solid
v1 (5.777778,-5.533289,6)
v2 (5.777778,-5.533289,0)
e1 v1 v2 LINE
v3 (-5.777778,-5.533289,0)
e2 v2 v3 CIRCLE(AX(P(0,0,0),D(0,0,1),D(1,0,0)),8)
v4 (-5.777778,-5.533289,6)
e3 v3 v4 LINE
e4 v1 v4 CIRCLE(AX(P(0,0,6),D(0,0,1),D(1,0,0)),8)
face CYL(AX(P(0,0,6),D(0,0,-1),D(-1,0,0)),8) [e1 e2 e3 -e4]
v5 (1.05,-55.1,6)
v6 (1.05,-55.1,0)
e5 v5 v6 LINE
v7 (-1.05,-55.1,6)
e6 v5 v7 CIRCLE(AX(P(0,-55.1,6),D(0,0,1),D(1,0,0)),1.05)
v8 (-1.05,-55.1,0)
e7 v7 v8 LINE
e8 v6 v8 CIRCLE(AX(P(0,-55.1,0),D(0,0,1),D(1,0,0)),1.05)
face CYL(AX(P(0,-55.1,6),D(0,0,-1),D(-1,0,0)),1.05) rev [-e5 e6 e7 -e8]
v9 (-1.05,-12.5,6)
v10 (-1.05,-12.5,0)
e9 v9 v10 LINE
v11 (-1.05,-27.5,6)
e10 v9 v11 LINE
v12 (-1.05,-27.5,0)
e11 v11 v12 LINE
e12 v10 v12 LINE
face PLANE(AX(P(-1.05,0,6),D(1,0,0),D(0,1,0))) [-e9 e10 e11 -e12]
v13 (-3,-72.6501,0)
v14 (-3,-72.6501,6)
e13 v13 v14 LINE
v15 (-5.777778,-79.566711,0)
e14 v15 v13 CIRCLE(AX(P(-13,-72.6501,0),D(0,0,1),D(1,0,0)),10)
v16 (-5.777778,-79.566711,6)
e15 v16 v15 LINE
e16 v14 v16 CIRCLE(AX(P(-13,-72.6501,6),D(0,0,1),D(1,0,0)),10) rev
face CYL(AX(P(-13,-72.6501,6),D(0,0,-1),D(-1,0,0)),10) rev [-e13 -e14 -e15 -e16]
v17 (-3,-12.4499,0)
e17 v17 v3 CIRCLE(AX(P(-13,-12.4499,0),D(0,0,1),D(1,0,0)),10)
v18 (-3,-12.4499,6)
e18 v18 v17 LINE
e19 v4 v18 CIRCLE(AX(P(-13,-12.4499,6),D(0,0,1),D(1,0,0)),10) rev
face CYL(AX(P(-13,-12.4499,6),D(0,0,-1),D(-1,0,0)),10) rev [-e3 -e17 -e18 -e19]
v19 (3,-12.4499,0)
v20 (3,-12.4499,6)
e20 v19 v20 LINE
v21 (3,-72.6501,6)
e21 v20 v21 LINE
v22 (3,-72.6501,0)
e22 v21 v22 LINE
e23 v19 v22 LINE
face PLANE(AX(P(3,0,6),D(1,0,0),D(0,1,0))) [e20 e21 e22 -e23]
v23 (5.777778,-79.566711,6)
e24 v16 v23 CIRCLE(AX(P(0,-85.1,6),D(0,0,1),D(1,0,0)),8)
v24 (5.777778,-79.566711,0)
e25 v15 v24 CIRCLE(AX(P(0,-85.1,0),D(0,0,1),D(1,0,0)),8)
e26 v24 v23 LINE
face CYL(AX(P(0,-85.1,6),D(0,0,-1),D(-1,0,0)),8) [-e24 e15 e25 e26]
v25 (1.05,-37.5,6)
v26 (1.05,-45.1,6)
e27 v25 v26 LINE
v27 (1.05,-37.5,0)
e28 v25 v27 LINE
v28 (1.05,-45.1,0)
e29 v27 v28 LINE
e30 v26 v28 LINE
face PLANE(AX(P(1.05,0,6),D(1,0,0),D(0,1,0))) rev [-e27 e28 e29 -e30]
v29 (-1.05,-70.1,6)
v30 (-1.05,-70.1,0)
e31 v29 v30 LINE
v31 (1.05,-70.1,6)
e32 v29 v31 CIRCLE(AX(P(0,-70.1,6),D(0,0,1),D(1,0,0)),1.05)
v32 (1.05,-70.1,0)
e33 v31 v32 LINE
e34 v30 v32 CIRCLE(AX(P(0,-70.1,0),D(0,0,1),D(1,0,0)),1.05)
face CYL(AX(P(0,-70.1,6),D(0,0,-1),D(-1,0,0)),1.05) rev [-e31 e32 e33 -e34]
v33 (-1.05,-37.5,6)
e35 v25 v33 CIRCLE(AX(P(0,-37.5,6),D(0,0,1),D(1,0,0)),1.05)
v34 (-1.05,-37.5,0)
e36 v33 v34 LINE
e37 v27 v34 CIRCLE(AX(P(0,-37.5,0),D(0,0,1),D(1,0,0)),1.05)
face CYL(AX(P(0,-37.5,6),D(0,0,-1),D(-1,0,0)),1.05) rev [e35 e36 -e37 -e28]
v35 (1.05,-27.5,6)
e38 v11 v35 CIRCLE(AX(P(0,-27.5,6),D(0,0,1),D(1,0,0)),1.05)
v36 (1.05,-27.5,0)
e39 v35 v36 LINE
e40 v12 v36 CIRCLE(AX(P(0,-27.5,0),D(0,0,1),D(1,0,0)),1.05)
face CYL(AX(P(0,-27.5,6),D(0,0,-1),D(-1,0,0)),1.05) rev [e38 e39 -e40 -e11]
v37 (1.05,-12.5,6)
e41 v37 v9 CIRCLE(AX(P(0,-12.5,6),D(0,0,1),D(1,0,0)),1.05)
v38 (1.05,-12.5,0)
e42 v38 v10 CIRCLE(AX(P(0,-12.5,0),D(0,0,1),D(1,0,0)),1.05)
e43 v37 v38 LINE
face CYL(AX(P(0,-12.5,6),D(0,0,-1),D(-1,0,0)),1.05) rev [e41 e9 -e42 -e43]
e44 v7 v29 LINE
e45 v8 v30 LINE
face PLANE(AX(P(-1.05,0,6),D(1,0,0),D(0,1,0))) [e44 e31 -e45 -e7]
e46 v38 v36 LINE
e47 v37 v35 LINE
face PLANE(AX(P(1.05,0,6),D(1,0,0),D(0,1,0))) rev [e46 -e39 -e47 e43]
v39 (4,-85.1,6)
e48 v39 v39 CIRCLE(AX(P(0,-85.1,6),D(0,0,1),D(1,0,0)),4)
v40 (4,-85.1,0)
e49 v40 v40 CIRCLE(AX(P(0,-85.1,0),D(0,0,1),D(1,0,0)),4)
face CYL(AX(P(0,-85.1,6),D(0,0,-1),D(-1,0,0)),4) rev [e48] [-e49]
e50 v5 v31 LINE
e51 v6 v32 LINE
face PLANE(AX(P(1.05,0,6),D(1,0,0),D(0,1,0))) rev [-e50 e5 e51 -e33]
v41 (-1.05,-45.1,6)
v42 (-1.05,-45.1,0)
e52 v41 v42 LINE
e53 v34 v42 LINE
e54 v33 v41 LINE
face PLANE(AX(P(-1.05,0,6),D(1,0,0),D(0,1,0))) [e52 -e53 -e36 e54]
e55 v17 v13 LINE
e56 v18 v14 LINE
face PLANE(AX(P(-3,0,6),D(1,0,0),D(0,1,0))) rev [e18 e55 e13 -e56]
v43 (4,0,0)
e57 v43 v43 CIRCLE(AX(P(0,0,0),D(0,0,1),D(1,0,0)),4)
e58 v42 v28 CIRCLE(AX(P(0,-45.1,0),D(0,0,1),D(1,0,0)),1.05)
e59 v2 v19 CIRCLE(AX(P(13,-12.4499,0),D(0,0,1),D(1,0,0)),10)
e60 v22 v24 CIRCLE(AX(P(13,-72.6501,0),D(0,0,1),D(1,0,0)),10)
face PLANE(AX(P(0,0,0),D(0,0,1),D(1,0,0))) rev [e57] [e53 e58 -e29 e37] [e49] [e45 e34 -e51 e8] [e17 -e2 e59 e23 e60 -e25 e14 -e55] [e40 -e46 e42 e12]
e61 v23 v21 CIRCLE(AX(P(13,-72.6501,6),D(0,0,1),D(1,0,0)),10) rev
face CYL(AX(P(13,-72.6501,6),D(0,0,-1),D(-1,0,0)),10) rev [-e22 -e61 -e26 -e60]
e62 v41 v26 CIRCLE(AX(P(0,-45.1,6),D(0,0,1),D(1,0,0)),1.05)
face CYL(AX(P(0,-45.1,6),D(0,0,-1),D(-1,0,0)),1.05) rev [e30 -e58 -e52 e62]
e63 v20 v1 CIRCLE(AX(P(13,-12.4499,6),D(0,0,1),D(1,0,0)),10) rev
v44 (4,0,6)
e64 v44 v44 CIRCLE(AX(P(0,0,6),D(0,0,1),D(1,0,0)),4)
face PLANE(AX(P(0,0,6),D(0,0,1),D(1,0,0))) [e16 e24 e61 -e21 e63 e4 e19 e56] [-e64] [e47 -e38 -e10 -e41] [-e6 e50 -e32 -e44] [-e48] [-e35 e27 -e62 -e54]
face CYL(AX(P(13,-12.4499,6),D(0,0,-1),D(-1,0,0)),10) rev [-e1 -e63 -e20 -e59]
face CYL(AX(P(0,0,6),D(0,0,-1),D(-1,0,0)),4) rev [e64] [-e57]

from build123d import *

# Parameters (mm, degrees)
SKETCH_1_R      = 8
SKETCH_1_R_2    = 4
EXTRUDE_1_DEPTH = 6
FILLET_1_R      = 10


with BuildPart() as part:
    # 草图1 → 凸台-拉伸1 (new body)
    # profile 1 of 3: a face of its own
    with BuildSketch(Plane.XY):
        with BuildLine():
            ThreePointArc((3, -7.416198487), (0, -8), (-3, -7.416198487))
            Line((-3, -7.416198487), (-3, -77.683801513))
            ThreePointArc((-3, -77.683801513), (0, -77.1), (3, -77.683801513))
            Line((3, -77.683801513), (3, -7.416198487))
        make_face()
        with BuildLine():
            ThreePointArc((-1.05, -55.1), (0, -54.05), (1.05, -55.1))
            Line((1.05, -55.1), (1.05, -70.1))
            ThreePointArc((1.05, -70.1), (0, -71.15), (-1.05, -70.1))
            Line((-1.05, -70.1), (-1.05, -55.1))
        make_face(mode=Mode.SUBTRACT)
        with BuildLine():
            ThreePointArc((-1.05, -37.5), (0, -36.45), (1.05, -37.5))
            Line((1.05, -37.5), (1.05, -45.1))
            ThreePointArc((1.05, -45.1), (0, -46.15), (-1.05, -45.1))
            Line((-1.05, -45.1), (-1.05, -37.5))
        make_face(mode=Mode.SUBTRACT)
        with BuildLine():
            ThreePointArc((-1.05, -12.5), (0, -11.45), (1.05, -12.5))
            Line((1.05, -12.5), (1.05, -27.5))
            ThreePointArc((1.05, -27.5), (0, -28.55), (-1.05, -27.5))
            Line((-1.05, -27.5), (-1.05, -12.5))
        make_face(mode=Mode.SUBTRACT)
    # profile 2 of 3: a face of its own
    with BuildSketch(Plane.XY):
        Circle(SKETCH_1_R)
        Circle(SKETCH_1_R_2, mode=Mode.SUBTRACT)
    # profile 3 of 3: a face of its own
    with BuildSketch(Plane.XY):
        with Locations((0, -85.1)):
            Circle(SKETCH_1_R)
        with Locations((0, -85.1)):
            Circle(SKETCH_1_R_2, mode=Mode.SUBTRACT)
    extrude(amount=EXTRUDE_1_DEPTH)

    # 圆角1
    fillet_1_edges = [part.edges().sort_by_distance(p)[0] for p in [
        (3, -77.683801513, 3),
        (-3, -77.683801513, 3),
        (-3, -7.416198487, 3),
        (3, -7.416198487, 3),
    ]]
    fillet(fillet_1_edges, radius=FILLET_1_R)


solid = part.part
